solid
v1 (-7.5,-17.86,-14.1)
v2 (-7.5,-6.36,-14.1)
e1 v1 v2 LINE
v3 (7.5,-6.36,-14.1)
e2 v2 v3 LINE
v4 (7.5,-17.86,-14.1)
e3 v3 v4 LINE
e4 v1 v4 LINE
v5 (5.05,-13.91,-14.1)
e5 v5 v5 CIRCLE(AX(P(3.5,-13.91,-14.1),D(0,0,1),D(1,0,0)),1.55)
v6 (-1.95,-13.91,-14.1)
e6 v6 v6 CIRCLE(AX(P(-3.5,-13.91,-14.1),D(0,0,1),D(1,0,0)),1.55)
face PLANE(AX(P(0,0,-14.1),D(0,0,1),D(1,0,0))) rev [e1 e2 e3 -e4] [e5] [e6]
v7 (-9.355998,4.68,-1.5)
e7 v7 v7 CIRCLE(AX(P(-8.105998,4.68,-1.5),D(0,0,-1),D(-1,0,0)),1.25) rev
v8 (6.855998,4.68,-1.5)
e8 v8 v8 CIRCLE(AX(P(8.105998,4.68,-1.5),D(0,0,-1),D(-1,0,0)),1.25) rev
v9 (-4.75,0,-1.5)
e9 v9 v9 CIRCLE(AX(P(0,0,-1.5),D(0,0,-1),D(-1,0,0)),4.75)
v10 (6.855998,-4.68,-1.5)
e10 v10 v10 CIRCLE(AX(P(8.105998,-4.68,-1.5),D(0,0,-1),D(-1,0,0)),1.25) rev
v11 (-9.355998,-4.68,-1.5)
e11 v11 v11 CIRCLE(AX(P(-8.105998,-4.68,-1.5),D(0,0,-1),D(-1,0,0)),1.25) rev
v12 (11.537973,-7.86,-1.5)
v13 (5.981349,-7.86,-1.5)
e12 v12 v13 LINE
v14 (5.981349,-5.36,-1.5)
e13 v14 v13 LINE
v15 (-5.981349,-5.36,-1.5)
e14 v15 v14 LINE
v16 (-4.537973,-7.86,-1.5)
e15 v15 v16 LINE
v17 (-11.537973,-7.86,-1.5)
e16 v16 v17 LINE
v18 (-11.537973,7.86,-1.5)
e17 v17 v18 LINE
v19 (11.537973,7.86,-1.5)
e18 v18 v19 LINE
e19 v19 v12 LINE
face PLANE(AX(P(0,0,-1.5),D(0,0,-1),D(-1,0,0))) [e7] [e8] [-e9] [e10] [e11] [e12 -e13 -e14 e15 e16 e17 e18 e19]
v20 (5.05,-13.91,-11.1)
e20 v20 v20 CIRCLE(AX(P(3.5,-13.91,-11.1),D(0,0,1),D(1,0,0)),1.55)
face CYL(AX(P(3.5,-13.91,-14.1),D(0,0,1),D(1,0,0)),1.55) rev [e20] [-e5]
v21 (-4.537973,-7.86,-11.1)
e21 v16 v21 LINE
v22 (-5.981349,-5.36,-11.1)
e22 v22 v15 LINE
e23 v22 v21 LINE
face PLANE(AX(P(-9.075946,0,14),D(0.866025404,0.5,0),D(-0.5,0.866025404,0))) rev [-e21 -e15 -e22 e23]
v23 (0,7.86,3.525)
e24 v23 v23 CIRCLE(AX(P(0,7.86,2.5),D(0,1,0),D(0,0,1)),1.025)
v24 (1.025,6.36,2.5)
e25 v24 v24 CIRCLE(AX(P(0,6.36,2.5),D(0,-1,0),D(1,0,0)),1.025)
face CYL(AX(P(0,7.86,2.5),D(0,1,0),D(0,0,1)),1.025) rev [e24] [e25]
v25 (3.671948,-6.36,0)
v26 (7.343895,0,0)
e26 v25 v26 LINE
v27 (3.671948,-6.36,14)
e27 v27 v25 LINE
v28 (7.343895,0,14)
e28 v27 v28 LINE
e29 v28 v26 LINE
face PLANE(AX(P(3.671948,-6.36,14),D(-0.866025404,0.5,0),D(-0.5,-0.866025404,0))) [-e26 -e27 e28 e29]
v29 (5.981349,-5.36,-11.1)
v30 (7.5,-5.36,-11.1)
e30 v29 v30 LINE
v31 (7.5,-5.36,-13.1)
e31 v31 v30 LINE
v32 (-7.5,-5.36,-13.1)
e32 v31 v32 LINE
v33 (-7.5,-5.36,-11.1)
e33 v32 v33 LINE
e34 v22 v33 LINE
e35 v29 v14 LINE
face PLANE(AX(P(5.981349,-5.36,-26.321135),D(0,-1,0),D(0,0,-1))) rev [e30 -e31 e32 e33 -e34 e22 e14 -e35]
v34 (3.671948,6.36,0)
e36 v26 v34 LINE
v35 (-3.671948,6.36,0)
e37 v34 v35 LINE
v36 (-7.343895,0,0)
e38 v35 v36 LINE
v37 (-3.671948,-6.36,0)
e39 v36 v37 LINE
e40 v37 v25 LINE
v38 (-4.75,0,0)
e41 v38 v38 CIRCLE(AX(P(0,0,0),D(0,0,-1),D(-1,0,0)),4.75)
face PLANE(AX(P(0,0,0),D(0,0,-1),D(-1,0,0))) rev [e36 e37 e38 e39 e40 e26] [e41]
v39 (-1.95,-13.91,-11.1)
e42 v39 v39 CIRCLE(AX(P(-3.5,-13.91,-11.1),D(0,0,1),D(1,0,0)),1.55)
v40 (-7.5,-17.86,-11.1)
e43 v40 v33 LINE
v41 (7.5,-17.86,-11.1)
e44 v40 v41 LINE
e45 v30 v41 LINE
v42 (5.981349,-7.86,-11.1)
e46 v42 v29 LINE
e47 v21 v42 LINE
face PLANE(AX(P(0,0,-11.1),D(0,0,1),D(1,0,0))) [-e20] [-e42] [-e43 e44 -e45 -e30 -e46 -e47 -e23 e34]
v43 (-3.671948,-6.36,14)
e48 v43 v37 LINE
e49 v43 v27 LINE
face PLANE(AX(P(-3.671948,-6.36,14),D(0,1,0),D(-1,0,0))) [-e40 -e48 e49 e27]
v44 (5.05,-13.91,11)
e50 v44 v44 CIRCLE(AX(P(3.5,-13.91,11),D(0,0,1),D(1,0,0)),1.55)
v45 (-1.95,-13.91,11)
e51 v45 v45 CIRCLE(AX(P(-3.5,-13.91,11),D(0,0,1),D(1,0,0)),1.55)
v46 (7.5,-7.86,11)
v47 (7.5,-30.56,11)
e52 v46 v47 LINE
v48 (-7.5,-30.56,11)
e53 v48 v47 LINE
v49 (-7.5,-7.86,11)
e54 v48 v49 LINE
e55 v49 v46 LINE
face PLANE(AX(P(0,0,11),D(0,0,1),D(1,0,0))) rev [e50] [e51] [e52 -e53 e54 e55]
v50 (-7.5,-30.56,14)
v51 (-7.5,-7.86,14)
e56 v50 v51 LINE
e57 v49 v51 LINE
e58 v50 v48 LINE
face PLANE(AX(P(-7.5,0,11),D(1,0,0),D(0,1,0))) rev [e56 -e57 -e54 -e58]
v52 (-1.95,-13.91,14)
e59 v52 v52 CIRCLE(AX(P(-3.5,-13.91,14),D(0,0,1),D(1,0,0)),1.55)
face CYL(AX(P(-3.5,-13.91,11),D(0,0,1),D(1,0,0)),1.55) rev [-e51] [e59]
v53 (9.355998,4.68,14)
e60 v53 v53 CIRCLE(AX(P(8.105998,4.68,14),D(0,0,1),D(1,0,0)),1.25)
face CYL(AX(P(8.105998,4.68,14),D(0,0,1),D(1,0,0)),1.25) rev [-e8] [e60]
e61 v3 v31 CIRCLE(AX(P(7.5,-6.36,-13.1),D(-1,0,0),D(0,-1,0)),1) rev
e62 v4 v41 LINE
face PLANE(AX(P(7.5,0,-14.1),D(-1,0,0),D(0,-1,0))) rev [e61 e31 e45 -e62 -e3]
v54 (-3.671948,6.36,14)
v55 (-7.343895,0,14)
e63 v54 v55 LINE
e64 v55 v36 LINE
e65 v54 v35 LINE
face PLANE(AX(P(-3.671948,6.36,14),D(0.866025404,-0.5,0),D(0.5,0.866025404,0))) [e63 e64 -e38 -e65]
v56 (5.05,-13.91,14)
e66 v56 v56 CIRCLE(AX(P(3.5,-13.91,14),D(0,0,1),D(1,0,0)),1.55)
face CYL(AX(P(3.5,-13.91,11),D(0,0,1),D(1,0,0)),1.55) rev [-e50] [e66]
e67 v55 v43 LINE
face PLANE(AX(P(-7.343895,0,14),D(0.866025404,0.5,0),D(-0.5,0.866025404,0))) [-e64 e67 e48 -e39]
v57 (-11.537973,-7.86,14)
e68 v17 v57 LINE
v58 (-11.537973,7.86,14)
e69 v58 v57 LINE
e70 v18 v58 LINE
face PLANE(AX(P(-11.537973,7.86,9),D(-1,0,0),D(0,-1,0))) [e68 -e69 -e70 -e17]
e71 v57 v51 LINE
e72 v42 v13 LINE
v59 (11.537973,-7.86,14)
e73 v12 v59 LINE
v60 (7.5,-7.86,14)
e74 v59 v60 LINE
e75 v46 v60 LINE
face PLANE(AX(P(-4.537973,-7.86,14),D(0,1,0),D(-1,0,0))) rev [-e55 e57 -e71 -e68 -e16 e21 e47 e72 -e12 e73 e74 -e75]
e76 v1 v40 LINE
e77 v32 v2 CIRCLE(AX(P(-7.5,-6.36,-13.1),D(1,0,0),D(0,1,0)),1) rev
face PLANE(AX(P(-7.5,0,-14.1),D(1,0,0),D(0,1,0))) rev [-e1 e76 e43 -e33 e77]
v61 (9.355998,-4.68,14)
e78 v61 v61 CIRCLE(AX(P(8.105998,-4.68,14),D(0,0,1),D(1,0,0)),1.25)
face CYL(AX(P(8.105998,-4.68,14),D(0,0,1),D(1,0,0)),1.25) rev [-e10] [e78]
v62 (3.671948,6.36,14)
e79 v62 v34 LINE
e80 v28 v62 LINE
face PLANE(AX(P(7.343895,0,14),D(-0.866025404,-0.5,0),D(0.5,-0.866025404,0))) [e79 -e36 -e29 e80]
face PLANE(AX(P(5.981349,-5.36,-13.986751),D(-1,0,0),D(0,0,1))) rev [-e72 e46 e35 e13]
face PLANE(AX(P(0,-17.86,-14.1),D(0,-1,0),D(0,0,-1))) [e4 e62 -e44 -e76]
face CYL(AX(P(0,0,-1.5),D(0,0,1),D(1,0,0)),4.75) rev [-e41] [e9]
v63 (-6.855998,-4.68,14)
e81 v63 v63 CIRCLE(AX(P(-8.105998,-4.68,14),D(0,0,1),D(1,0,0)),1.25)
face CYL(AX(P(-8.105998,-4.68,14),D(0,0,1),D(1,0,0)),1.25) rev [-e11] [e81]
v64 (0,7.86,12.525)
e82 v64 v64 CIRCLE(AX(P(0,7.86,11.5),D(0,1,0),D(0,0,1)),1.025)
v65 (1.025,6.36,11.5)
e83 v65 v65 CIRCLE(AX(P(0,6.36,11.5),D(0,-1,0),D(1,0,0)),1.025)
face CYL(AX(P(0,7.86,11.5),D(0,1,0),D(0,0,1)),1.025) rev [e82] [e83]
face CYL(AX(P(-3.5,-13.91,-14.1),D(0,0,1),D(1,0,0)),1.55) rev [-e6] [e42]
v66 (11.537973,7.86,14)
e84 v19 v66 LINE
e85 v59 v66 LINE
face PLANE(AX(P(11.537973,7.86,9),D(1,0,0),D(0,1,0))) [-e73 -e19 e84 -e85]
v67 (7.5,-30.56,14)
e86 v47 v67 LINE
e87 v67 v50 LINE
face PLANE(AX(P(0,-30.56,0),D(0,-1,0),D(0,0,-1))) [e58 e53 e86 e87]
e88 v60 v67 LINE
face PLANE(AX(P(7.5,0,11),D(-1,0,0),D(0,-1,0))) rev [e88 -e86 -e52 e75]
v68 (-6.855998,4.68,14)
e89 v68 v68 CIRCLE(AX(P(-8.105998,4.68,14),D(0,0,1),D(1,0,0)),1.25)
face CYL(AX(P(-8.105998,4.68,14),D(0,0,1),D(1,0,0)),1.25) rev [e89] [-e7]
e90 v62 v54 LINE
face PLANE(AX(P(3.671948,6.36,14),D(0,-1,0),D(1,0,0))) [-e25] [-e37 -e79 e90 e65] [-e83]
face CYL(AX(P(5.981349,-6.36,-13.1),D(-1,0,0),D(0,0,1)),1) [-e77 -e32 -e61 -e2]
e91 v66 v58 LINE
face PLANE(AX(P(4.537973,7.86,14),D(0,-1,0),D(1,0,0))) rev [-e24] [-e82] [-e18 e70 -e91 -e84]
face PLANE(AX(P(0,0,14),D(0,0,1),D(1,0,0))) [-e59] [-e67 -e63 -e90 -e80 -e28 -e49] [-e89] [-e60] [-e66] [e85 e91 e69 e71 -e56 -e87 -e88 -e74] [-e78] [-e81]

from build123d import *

# Parameters (mm, degrees)
BOSS_EXTRUDE1_DEPTH     = 14
SKETCH2_R               = 4.75
BOSS_EXTRUDE2_DEPTH     = 1.5
SKETCH8_R               = 1.55
BOSS_EXTRUDE3_DEPTH     = 3
BOSS_EXTRUDE4_START     = -25.1
SKETCH8_2_R             = 1.55
BOSS_EXTRUDE4_DEPTH     = 3
BOSS_EXTRUDE6_DEPTH     = 12.6
M2_5_TAPPED_HOLE1_D     = 2.05
M2_5_TAPPED_HOLE1_DEPTH = 1.5
BOSS_EXTRUDE8_DEPTH     = 5
BOSS_EXTRUDE9_REACH     = 17.72
SKETCH22_W              = 4.537973116
SKETCH22_H              = 2
FILLET2_R               = 1
BOSS_EXTRUDE11_DEPTH    = 10.5
M3_TAPPED_HOLE2_D       = 2.5
M3_TAPPED_HOLE2_DEPTH   = 15.5
M3_TAPPED_HOLE2_TIP     = 0.751075774
BOSS_EXTRUDE12_DEPTH    = 9.6
SKETCH26_W              = 15
SKETCH26_H              = 3
BOSS_EXTRUDE13_DEPTH    = 12.7


with BuildPart() as part:
    # Sketch1 → Boss-Extrude1 (new body)
    with BuildSketch(Plane.XY):
        Polygon((9.075946232, 0), (4.537973116, 7.86), (-4.537973116, 7.86), (-9.075946232, 0), (-4.537973116, -7.86), (4.537973116, -7.86), align=None)
        Polygon((7.343895424, 0), (3.671947712, 6.36), (-3.671947712, 6.36), (-7.343895424, 0), (-3.671947712, -6.36), (3.671947712, -6.36), align=None, mode=Mode.SUBTRACT)
    extrude(amount=BOSS_EXTRUDE1_DEPTH)

    # Sketch2 → Boss-Extrude2 (add)
    with BuildSketch(Plane(origin=(0, 0, 0), x_dir=(-1, 0, 0), z_dir=(0, 0, -1))):
        Polygon((9.075946232, 0), (4.537973116, 7.86), (-4.537973116, 7.86), (-9.075946232, 0), (-4.537973116, -7.86), (4.537973116, -7.86), align=None)
        Circle(SKETCH2_R, mode=Mode.SUBTRACT)
    extrude(amount=BOSS_EXTRUDE2_DEPTH)

    # Sketch8 → Boss-Extrude3 (add)
    with BuildSketch(Plane.XY.offset(14)):
        Polygon((-7.5, -17.86), (7.5, -17.86), (7.5, -7.86), (9.075946232, -7.86), (9.075946232, 0), (4.537973116, -7.86), (-4.537973116, -7.86), (-9.075946232, 0), (-9.075946232, -7.86), (-7.5, -7.86), align=None)
        with Locations((-3.5, -13.91)):
            Circle(SKETCH8_R, mode=Mode.SUBTRACT)
        with Locations((3.5, -13.91)):
            Circle(SKETCH8_R, mode=Mode.SUBTRACT)
    extrude(amount=-BOSS_EXTRUDE3_DEPTH)



with BuildPart() as body_2:
    # Sketch8<2> → Boss-Extrude4 (new body)
    with BuildSketch(Plane.XY.offset(14).offset(BOSS_EXTRUDE4_START)):
        Polygon((-7.5, -7.86), (-7.5, -17.86), (7.5, -17.86), (7.5, -7.86), (7.5, -5.36), (5.981348789, -5.36), (4.537973116, -7.86), (-4.537973116, -7.86), (-5.981348789, -5.36), (-7.5, -5.36), align=None)
        with Locations((-3.5, -13.91)):
            Circle(SKETCH8_2_R, mode=Mode.SUBTRACT)
        with Locations((3.5, -13.91)):
            Circle(SKETCH8_2_R, mode=Mode.SUBTRACT)
    extrude(amount=-BOSS_EXTRUDE4_DEPTH)


with BuildPart() as part_1:
    add(part.part)

    add(body_2.part)  # Boss-Extrude6 merges body 2
    # Sketch9 → Boss-Extrude6 (add)
    with BuildSketch(Plane(origin=(0, 0, -1.5), x_dir=(-1, 0, 0), z_dir=(0, 0, -1))):
        Polygon((-5.981348789, -5.36), (5.981348789, -5.36), (4.537973116, -7.86), (-4.537973116, -7.86), align=None)
    extrude(amount=BOSS_EXTRUDE6_DEPTH)

    # M2.5 Tapped Hole1
    with Locations(Plane(origin=(0, 7.86, 0), x_dir=(1, 0, 0), z_dir=(0, 1, 0))):
        with Locations((0, -2.5), (0, -11.5)):
            Hole(M2_5_TAPPED_HOLE1_D / 2, depth=M2_5_TAPPED_HOLE1_DEPTH)

    # Sketch14 → Boss-Extrude8 (add)
    with BuildSketch(Plane.XY.offset(14)):
        Polygon((-4.537973116, 7.86), (-11.537973116, 7.86), (-11.537973116, -7.86), (-9.075946232, -7.86), (-9.075946232, 0), align=None)
        Polygon((9.075946232, -7.86), (9.075946232, 0), (4.537973116, 7.86), (11.537973116, 7.86), (11.537973116, -7.86), align=None)
    extrude(amount=-BOSS_EXTRUDE8_DEPTH)

    # Sketch22 → Boss-Extrude9 (add, up to next)
    with BuildSketch(Plane.XZ.offset(7.86), mode=Mode.PRIVATE) as boss_extrude9_sk1:
        with Locations((-6.806959674, 10)):
            Rectangle(SKETCH22_W, SKETCH22_H)
    boss_extrude9_tool1 = extrude(boss_extrude9_sk1.sketch, amount=-BOSS_EXTRUDE9_REACH, mode=Mode.PRIVATE) - part_1.part
    add(boss_extrude9_tool1.solids().sort_by_distance((-6.80696, -7.86, 10))[0])
    # Sketch22 → Boss-Extrude9 (add, up to next)
    with BuildSketch(Plane.XZ.offset(7.86), mode=Mode.PRIVATE) as boss_extrude9_sk2:
        with Locations((6.806959674, 10)):
            Rectangle(SKETCH22_W, SKETCH22_H)
    boss_extrude9_tool2 = extrude(boss_extrude9_sk2.sketch, amount=-BOSS_EXTRUDE9_REACH, mode=Mode.PRIVATE) - part_1.part
    add(boss_extrude9_tool2.solids().sort_by_distance((6.80696, -7.86, 10))[0])

    # Fillet2
    fillet2_edges = [part_1.edges().sort_by_distance(p)[0] for p in [
        (0, -5.36, -14.1),
    ]]
    fillet(fillet2_edges, radius=FILLET2_R)

    # Sketch24 → Boss-Extrude11 (add)
    with BuildSketch(Plane(origin=(0, 0, 9), x_dir=(-1, 0, 0), z_dir=(0, 0, -1))):
        Polygon((-11.537973116, -7.86), (-4.537973116, -7.86), (-9.075946232, 0), (-4.537973116, 7.86), (-11.537973116, 7.86), align=None)
        Polygon((4.537973116, 7.86), (9.075946232, 0), (4.537973116, -7.86), (11.537973116, -7.86), (11.537973116, 7.86), align=None)
    extrude(amount=BOSS_EXTRUDE11_DEPTH)

    # M3 Tapped Hole2
    with Locations(Plane.XY.offset(14)):
        with Locations((-8.105997779, 4.68), (-8.105997779, -4.68), (8.105997779, 4.68), (8.105997779, -4.68)):
            Hole(M3_TAPPED_HOLE2_D / 2, depth=M3_TAPPED_HOLE2_DEPTH)
            with Locations((0, 0, -(M3_TAPPED_HOLE2_DEPTH + M3_TAPPED_HOLE2_TIP / 2))):  # 118° drill point
                Cone(0, M3_TAPPED_HOLE2_D / 2, M3_TAPPED_HOLE2_TIP, mode=Mode.SUBTRACT)

    # Sketch25 → Boss-Extrude12 (add)
    with BuildSketch(Plane(origin=(0, 0, -1.5), x_dir=(-1, 0, 0), z_dir=(0, 0, -1))):
        Polygon((-5.981348789, -5.36), (-5.981348789, -7.86), (-4.537973116, -7.86), align=None)
    extrude(amount=BOSS_EXTRUDE12_DEPTH)

    # Sketch26 → Boss-Extrude13 (add)
    with BuildSketch(Plane.XZ.offset(17.86)):
        with Locations((0, 12.5)):
            Rectangle(SKETCH26_W, SKETCH26_H)
    extrude(amount=BOSS_EXTRUDE13_DEPTH)


solid = part_1.part
